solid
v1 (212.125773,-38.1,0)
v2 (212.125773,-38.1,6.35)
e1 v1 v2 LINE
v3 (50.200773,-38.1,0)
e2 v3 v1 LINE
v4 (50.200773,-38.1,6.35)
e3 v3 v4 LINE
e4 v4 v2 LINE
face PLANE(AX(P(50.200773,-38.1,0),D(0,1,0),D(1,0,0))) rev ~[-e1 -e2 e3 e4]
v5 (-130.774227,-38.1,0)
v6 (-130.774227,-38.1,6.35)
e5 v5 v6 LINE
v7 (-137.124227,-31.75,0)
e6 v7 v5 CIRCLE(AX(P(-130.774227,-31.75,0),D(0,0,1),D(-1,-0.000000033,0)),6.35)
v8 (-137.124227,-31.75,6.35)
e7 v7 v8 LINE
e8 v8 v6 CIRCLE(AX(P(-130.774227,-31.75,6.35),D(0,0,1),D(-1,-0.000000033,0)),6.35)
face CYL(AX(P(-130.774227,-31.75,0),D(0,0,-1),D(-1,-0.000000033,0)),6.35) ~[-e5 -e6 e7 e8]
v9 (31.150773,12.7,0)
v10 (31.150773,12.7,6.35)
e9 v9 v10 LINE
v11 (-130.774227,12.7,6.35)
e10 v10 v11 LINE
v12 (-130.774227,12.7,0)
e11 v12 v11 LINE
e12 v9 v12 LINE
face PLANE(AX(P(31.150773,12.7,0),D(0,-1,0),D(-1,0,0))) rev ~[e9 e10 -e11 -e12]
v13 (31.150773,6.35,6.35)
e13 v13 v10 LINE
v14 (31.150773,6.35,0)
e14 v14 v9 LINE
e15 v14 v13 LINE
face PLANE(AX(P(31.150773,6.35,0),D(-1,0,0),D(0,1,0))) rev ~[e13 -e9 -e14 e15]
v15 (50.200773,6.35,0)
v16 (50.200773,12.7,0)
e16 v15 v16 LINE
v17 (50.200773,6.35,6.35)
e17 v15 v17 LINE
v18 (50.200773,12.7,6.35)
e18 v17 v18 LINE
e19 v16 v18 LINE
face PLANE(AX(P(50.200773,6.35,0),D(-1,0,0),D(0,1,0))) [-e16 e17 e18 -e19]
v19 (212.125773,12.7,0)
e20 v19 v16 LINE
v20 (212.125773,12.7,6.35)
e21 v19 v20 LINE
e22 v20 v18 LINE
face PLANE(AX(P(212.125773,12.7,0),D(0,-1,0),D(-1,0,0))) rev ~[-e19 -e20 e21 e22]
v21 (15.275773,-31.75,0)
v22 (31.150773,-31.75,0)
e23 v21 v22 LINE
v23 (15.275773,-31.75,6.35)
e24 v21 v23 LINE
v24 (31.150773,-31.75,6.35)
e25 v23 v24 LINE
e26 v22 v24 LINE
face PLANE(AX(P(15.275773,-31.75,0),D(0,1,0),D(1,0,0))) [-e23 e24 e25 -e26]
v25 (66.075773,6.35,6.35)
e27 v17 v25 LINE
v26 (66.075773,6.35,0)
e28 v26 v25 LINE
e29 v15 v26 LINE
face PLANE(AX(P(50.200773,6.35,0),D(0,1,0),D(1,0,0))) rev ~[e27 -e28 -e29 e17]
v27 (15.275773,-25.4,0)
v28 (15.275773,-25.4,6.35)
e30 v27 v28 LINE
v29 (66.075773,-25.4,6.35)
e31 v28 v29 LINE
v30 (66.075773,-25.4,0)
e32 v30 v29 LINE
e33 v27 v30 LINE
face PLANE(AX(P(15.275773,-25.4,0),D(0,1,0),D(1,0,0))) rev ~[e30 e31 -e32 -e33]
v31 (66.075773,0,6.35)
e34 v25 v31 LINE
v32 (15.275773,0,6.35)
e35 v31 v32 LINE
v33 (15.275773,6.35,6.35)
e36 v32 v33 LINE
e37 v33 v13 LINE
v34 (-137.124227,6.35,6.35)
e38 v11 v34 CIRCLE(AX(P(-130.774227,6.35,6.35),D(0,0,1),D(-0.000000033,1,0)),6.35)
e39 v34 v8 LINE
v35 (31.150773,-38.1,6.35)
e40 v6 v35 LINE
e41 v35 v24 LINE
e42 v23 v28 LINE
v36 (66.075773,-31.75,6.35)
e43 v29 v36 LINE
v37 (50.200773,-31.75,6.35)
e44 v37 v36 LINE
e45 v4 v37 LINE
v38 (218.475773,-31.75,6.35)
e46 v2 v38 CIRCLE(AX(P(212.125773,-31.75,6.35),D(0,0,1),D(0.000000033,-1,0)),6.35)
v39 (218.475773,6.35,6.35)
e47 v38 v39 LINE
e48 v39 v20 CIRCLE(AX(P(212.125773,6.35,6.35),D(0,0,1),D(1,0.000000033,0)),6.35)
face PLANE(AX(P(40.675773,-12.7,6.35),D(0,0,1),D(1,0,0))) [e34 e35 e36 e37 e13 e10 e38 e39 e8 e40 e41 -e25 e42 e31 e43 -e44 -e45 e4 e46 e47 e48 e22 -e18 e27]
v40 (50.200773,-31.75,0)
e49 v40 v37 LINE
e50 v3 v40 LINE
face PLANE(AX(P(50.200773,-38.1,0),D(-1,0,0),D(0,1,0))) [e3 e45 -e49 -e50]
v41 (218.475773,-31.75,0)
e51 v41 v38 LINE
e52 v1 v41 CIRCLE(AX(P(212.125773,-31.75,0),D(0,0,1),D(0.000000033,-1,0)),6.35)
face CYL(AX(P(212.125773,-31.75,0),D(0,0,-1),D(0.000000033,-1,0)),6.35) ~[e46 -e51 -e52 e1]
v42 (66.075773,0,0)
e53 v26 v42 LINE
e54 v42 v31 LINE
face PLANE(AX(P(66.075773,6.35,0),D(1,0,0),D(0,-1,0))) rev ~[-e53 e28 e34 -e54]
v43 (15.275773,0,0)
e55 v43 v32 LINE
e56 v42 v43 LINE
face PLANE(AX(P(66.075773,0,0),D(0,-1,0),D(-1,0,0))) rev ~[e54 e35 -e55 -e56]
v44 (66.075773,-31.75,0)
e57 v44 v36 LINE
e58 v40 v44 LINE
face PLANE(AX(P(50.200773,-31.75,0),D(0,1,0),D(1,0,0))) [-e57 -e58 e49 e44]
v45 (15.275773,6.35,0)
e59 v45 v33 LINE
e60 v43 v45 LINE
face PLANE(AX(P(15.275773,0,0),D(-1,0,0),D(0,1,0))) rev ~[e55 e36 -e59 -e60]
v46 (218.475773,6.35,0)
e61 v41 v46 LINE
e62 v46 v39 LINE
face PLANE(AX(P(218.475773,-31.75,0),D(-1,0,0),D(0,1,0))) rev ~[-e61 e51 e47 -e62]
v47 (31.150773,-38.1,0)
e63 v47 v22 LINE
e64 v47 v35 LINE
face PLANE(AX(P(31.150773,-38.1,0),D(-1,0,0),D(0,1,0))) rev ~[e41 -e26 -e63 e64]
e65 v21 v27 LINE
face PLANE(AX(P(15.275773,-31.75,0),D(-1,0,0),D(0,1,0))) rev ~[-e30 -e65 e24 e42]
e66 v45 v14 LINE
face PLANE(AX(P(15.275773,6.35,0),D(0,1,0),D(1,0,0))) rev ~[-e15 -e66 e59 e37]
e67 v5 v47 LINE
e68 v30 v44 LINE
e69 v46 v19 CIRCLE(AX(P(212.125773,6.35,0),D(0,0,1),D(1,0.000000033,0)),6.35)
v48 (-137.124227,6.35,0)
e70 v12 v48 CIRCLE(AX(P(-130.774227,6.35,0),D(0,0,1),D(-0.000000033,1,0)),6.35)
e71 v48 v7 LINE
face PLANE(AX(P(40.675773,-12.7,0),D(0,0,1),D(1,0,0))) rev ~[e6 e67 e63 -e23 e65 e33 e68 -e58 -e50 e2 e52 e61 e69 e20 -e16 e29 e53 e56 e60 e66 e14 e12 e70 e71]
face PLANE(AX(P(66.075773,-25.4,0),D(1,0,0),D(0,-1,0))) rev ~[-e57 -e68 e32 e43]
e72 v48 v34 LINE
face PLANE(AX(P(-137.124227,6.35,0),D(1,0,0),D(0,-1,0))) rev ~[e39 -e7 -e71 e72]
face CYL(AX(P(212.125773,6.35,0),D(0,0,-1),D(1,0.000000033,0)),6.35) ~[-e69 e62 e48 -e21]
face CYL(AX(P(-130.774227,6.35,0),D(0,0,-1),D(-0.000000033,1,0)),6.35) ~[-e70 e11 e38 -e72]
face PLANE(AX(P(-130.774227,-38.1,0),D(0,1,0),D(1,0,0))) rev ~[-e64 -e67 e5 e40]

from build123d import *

# Parameters (mm, degrees)
F0_W     = 15.875
F0_H     = 6.35
F1_DEPTH = 6.35


with BuildPart() as f1:
    # F0 (on Top) → F1 (new body)
    with BuildSketch(Plane.XY):
        with BuildLine():
            Line((15.275773, 12.7), (-130.774227, 12.7))
            ThreePointArc((-130.774227, 12.7), (-135.264355, 10.840128), (-137.124227, 6.35))
            Line((-137.124227, 6.35), (-137.124227, -31.75))
            ThreePointArc((-137.124227, -31.75), (-135.264355, -36.240128), (-130.774227, -38.1))
            Line((-130.774227, -38.1), (15.275773, -38.1))
            Line((15.275773, -38.1), (15.275773, -31.75))
            Line((15.275773, -31.75), (15.275773, -25.4))
            Line((15.275773, -25.4), (66.075773, -25.4))
            Line((66.075773, -25.4), (66.075773, -31.75))
            Line((66.075773, -31.75), (66.075773, -38.1))
            Line((66.075773, -38.1), (212.125773, -38.1))
            ThreePointArc((212.125773, -38.1), (216.615901, -36.240128), (218.475773, -31.75))
            Line((218.475773, -31.75), (218.475773, 6.35))
            ThreePointArc((218.475773, 6.35), (216.615901, 10.840128), (212.125773, 12.7))
            Line((212.125773, 12.7), (66.075773, 12.7))
            Line((66.075773, 12.7), (66.075773, 6.35))
            Line((66.075773, 6.35), (66.075773, 0))
            Line((66.075773, 0), (15.275773, 0))
            Line((15.275773, 0), (15.275773, 6.35))
            Line((15.275773, 6.35), (15.275773, 12.7))
        make_face()
        with Locations((23.213273, 9.525)):
            Rectangle(F0_W, F0_H)
        with Locations((58.138273, 9.525)):
            Rectangle(F0_W, F0_H)
        with Locations((58.138273, -34.925)):
            Rectangle(F0_W, F0_H)
        with Locations((23.213273, -34.925)):
            Rectangle(F0_W, F0_H)
    extrude(amount=F1_DEPTH)


solid = f1.part
